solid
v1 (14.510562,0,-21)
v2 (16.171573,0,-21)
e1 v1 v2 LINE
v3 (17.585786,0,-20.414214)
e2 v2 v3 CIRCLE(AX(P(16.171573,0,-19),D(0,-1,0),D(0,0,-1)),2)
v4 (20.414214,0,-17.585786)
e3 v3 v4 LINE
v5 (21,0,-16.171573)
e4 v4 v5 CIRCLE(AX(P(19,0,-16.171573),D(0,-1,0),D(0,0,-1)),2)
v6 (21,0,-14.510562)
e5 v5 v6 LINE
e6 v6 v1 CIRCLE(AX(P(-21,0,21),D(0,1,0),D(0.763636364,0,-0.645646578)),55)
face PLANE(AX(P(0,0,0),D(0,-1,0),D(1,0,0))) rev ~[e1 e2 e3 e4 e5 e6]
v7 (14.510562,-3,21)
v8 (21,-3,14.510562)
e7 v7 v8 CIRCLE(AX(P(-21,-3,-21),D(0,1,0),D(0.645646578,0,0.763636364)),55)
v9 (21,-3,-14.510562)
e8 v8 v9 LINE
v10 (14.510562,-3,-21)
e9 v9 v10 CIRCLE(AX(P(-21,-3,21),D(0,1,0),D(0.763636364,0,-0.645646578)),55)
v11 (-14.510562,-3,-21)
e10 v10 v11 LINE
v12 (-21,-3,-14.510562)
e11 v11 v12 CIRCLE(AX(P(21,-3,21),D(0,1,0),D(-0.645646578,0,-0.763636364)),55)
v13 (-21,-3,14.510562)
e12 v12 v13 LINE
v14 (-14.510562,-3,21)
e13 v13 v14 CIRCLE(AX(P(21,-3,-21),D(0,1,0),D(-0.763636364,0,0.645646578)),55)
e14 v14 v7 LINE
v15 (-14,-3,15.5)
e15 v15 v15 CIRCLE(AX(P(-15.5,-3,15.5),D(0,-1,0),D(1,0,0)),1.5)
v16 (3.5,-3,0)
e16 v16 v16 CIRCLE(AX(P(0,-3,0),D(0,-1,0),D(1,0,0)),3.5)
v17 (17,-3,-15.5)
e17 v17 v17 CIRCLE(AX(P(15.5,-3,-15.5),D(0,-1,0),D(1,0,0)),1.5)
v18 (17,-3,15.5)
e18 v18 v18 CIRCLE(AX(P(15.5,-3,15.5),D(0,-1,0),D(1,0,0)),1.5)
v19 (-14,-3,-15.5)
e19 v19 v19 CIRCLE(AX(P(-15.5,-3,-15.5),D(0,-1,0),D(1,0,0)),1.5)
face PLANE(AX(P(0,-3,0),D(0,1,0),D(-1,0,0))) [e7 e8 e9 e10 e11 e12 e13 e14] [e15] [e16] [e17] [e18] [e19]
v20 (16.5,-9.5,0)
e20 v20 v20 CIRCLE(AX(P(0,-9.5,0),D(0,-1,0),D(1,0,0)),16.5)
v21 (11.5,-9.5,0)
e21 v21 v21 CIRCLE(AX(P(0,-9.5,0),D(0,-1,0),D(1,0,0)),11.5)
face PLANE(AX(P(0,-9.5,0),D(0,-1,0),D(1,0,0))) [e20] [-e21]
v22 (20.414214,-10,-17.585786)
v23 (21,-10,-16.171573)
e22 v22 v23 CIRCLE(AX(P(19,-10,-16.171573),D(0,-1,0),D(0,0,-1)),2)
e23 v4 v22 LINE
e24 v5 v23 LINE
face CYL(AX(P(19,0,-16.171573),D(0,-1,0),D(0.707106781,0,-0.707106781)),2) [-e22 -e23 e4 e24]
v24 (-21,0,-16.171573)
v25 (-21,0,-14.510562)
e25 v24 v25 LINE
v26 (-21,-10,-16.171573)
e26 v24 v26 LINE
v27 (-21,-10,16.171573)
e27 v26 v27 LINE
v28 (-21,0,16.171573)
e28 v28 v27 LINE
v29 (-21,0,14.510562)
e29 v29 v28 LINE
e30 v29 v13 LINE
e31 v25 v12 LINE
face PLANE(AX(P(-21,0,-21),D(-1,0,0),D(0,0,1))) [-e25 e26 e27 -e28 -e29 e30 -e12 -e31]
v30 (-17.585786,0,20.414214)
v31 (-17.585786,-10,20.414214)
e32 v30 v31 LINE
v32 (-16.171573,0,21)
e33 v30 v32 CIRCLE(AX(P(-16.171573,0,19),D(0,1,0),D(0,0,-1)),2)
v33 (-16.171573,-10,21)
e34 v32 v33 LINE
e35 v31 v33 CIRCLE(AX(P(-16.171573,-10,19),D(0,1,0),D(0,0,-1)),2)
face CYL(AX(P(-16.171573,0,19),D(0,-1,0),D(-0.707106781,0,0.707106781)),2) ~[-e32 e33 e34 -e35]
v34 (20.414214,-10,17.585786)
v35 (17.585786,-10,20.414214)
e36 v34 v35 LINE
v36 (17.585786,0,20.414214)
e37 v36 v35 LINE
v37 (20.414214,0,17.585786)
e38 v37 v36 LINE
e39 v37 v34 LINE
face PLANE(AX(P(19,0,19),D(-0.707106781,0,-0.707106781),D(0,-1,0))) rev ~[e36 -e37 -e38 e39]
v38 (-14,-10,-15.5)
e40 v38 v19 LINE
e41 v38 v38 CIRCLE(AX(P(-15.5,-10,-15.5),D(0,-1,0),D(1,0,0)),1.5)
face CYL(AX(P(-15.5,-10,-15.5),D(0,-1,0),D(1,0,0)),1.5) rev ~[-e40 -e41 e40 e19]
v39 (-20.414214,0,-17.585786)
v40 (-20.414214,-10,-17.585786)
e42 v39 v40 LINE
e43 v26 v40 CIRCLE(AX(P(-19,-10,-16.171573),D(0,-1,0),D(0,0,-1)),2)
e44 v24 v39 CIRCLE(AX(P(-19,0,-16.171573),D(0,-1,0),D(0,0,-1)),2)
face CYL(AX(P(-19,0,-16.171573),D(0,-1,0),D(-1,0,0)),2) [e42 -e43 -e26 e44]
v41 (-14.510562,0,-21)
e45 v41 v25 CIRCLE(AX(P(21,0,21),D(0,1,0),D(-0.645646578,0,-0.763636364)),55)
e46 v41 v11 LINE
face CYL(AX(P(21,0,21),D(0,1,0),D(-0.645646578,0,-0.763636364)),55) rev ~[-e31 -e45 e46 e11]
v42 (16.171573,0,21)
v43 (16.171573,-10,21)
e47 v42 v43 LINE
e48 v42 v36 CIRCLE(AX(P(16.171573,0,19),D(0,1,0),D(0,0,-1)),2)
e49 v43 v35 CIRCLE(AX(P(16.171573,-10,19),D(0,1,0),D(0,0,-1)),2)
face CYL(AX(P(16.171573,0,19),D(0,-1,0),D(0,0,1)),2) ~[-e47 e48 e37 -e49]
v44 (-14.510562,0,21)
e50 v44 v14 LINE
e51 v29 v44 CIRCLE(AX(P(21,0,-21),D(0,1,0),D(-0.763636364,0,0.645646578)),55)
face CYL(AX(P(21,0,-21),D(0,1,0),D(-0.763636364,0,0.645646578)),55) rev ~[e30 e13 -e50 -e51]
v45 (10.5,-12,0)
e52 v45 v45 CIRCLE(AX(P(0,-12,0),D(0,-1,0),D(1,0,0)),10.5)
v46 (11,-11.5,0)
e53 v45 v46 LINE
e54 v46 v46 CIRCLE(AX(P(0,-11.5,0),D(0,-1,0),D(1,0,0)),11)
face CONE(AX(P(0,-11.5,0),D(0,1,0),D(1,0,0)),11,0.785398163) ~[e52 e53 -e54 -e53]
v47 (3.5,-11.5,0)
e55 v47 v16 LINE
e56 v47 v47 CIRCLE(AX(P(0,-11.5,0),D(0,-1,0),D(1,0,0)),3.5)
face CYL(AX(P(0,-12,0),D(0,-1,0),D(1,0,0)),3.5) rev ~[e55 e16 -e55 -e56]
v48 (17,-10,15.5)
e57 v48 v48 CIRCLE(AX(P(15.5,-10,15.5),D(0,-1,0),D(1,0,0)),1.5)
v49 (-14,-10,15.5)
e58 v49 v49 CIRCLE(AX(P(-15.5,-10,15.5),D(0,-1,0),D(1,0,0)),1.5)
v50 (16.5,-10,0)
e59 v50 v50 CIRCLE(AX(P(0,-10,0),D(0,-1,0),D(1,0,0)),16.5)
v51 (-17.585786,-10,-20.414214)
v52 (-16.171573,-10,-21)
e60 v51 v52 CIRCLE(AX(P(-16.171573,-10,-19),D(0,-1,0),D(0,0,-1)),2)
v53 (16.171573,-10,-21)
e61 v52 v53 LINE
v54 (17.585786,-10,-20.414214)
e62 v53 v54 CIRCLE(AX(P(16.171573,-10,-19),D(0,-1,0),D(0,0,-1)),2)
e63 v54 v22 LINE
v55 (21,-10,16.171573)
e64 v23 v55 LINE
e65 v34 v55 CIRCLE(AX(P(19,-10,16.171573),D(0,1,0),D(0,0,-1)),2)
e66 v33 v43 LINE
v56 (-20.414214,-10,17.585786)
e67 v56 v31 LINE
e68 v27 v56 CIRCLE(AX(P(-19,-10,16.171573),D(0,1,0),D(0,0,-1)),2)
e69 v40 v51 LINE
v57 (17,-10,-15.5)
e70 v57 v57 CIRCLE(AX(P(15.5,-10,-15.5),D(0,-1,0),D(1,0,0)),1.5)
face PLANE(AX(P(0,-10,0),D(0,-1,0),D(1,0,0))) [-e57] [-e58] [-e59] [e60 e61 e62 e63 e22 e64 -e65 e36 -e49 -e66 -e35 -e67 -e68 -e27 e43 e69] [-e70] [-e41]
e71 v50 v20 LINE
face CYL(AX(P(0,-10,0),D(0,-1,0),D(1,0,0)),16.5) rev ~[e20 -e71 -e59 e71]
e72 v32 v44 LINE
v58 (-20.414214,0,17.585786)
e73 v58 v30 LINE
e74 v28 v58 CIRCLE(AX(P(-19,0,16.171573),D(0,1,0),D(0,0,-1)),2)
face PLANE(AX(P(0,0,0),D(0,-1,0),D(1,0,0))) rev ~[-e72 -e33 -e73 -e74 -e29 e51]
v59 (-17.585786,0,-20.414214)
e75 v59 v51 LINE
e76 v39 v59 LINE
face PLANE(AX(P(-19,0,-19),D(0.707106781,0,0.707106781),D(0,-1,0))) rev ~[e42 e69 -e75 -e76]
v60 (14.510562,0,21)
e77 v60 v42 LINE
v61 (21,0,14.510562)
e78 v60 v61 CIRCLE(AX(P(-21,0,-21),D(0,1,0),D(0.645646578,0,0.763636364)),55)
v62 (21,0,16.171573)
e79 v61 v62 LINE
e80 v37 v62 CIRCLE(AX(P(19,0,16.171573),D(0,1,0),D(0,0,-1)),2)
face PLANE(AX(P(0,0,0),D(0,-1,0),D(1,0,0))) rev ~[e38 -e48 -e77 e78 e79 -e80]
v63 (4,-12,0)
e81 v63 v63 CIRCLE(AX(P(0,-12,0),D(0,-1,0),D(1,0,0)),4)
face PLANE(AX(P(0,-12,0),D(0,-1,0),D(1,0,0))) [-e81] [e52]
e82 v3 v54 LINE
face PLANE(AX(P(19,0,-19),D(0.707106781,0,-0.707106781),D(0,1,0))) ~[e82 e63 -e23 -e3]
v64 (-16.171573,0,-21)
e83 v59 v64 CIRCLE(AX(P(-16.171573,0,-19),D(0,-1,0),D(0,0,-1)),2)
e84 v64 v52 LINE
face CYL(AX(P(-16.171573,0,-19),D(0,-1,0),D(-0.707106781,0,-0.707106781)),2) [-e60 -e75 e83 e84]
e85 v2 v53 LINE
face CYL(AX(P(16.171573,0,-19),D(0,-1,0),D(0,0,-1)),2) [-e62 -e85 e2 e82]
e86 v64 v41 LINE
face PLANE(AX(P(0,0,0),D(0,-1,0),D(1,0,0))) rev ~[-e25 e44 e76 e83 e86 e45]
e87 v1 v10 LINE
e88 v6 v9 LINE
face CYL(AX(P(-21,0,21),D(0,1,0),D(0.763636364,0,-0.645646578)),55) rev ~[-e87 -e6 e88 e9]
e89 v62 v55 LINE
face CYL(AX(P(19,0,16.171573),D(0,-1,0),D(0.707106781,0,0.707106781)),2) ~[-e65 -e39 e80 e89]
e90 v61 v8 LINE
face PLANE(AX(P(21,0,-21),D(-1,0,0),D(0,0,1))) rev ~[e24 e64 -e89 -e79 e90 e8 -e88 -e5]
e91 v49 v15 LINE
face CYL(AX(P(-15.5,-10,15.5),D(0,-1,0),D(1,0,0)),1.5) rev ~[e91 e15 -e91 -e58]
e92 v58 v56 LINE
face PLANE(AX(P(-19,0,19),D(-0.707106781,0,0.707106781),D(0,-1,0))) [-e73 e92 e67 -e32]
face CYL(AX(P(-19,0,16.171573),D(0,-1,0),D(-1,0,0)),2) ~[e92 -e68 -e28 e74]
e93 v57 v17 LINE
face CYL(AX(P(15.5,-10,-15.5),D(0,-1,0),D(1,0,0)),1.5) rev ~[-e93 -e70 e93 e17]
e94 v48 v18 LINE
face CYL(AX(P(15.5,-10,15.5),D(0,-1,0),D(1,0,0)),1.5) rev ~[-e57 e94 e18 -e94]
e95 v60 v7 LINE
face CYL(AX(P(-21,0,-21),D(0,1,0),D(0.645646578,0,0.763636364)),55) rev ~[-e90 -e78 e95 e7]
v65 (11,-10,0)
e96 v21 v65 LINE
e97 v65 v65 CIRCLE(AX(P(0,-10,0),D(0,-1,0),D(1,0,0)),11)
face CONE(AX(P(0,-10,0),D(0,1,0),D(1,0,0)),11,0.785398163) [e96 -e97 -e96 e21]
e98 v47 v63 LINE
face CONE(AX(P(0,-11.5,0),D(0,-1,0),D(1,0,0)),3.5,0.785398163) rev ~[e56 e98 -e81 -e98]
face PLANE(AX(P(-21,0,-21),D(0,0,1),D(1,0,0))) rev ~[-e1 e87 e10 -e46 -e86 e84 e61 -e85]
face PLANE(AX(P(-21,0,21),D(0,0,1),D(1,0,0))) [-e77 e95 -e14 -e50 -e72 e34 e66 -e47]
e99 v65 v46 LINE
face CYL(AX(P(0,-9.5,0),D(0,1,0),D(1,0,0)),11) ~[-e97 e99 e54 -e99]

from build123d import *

# Parameters (mm, degrees)
F0_W      = 42
F0_H      = 42
F1_DEPTH  = 10
F2_SIZE   = 4
F3_R      = 16.5
F4_DEPTH  = 0.5
F5_R      = 11
F6_DEPTH  = 2.5
F7_R      = 3.5
F8_DEPTH  = 12.001
F9_R      = 2
F10_SIZE  = 0.5
F12_DEPTH = 3
F13_R     = 1.5
F14_DEPTH = 10.001


with BuildPart() as f1:
    # F0 (on Front) → F1 (new body)
    with BuildSketch(Plane.XZ):
        Rectangle(F0_W, F0_H)
    extrude(amount=F1_DEPTH)

    # F2
    f2_edges = [f1.edges().sort_by_distance(p)[0] for p in [
        (-21, -5, 21),
        (21, -5, 21),
        (21, -5, -21),
        (-21, -5, -21),
    ]]
    chamfer(f2_edges, length=F2_SIZE)

    # F3 (on face) → F4 (cut)
    with BuildSketch(Plane.XZ.offset(10)):
        Circle(F3_R)
    extrude(amount=-F4_DEPTH, mode=Mode.SUBTRACT)

    # F5 (on face) → F6 (join)
    with BuildSketch(Plane.XZ.offset(9.5)):
        Circle(F5_R)
    extrude(amount=F6_DEPTH)

    # F7 (on face) → F8 (cut, through all)
    with BuildSketch(Plane.XZ.offset(12)):
        Circle(F7_R)
    extrude(amount=-F8_DEPTH, mode=Mode.SUBTRACT)

    # F9
    f9_edges = [f1.edges().sort_by_distance(p)[0] for p in [
        (-17, -5, 21),
        (17, -5, 21),
        (21, -5, 17),
        (21, -5, -17),
        (17, -5, -21),
        (-17, -5, -21),
        (-21, -5, -17),
        (-21, -5, 17),
    ]]
    fillet(f9_edges, radius=F9_R)

    # F10
    f10_edges = [f1.edges().sort_by_distance(p)[0] for p in [
        (-11, -12, 0),
        (-3.5, -12, 0),
        (-11, -9.5, 0),
    ]]
    chamfer(f10_edges, length=F10_SIZE)

    # F11 (on face) → F12 (cut)
    with BuildSketch(Plane(origin=(0, 0, 0), x_dir=(-1, 0, 0), z_dir=(0, 1, 0))):
        with BuildLine():
            ThreePointArc((-14.5105618091, 21), (-17.8908729653, 17.8908729653), (-21, 14.5105618091))
            Line((-21, 14.5105618091), (-21, -14.5105618091))
            ThreePointArc((-21, -14.5105618091), (-17.8908729653, -17.8908729653), (-14.5105618091, -21))
            Line((-14.5105618091, -21), (14.5105618091, -21))
            ThreePointArc((14.5105618091, -21), (17.8908729653, -17.8908729653), (21, -14.5105618091))
            Line((21, -14.5105618091), (21, 14.5105618091))
            ThreePointArc((21, 14.5105618091), (17.8908729653, 17.8908729653), (14.5105618091, 21))
            Line((14.5105618091, 21), (-14.5105618091, 21))
        make_face()
    extrude(amount=-F12_DEPTH, mode=Mode.SUBTRACT)

    # F13 (on face) → F14 (cut, through all)
    with BuildSketch(Plane.XZ.offset(10)):
        with Locations((-15.5, 15.5)):
            Circle(F13_R)
        with Locations((-15.5, -15.5)):
            Circle(F13_R)
        with Locations((15.5, -15.5)):
            Circle(F13_R)
        with Locations((15.5, 15.5)):
            Circle(F13_R)
    extrude(amount=-F14_DEPTH, mode=Mode.SUBTRACT)


solid = f1.part
